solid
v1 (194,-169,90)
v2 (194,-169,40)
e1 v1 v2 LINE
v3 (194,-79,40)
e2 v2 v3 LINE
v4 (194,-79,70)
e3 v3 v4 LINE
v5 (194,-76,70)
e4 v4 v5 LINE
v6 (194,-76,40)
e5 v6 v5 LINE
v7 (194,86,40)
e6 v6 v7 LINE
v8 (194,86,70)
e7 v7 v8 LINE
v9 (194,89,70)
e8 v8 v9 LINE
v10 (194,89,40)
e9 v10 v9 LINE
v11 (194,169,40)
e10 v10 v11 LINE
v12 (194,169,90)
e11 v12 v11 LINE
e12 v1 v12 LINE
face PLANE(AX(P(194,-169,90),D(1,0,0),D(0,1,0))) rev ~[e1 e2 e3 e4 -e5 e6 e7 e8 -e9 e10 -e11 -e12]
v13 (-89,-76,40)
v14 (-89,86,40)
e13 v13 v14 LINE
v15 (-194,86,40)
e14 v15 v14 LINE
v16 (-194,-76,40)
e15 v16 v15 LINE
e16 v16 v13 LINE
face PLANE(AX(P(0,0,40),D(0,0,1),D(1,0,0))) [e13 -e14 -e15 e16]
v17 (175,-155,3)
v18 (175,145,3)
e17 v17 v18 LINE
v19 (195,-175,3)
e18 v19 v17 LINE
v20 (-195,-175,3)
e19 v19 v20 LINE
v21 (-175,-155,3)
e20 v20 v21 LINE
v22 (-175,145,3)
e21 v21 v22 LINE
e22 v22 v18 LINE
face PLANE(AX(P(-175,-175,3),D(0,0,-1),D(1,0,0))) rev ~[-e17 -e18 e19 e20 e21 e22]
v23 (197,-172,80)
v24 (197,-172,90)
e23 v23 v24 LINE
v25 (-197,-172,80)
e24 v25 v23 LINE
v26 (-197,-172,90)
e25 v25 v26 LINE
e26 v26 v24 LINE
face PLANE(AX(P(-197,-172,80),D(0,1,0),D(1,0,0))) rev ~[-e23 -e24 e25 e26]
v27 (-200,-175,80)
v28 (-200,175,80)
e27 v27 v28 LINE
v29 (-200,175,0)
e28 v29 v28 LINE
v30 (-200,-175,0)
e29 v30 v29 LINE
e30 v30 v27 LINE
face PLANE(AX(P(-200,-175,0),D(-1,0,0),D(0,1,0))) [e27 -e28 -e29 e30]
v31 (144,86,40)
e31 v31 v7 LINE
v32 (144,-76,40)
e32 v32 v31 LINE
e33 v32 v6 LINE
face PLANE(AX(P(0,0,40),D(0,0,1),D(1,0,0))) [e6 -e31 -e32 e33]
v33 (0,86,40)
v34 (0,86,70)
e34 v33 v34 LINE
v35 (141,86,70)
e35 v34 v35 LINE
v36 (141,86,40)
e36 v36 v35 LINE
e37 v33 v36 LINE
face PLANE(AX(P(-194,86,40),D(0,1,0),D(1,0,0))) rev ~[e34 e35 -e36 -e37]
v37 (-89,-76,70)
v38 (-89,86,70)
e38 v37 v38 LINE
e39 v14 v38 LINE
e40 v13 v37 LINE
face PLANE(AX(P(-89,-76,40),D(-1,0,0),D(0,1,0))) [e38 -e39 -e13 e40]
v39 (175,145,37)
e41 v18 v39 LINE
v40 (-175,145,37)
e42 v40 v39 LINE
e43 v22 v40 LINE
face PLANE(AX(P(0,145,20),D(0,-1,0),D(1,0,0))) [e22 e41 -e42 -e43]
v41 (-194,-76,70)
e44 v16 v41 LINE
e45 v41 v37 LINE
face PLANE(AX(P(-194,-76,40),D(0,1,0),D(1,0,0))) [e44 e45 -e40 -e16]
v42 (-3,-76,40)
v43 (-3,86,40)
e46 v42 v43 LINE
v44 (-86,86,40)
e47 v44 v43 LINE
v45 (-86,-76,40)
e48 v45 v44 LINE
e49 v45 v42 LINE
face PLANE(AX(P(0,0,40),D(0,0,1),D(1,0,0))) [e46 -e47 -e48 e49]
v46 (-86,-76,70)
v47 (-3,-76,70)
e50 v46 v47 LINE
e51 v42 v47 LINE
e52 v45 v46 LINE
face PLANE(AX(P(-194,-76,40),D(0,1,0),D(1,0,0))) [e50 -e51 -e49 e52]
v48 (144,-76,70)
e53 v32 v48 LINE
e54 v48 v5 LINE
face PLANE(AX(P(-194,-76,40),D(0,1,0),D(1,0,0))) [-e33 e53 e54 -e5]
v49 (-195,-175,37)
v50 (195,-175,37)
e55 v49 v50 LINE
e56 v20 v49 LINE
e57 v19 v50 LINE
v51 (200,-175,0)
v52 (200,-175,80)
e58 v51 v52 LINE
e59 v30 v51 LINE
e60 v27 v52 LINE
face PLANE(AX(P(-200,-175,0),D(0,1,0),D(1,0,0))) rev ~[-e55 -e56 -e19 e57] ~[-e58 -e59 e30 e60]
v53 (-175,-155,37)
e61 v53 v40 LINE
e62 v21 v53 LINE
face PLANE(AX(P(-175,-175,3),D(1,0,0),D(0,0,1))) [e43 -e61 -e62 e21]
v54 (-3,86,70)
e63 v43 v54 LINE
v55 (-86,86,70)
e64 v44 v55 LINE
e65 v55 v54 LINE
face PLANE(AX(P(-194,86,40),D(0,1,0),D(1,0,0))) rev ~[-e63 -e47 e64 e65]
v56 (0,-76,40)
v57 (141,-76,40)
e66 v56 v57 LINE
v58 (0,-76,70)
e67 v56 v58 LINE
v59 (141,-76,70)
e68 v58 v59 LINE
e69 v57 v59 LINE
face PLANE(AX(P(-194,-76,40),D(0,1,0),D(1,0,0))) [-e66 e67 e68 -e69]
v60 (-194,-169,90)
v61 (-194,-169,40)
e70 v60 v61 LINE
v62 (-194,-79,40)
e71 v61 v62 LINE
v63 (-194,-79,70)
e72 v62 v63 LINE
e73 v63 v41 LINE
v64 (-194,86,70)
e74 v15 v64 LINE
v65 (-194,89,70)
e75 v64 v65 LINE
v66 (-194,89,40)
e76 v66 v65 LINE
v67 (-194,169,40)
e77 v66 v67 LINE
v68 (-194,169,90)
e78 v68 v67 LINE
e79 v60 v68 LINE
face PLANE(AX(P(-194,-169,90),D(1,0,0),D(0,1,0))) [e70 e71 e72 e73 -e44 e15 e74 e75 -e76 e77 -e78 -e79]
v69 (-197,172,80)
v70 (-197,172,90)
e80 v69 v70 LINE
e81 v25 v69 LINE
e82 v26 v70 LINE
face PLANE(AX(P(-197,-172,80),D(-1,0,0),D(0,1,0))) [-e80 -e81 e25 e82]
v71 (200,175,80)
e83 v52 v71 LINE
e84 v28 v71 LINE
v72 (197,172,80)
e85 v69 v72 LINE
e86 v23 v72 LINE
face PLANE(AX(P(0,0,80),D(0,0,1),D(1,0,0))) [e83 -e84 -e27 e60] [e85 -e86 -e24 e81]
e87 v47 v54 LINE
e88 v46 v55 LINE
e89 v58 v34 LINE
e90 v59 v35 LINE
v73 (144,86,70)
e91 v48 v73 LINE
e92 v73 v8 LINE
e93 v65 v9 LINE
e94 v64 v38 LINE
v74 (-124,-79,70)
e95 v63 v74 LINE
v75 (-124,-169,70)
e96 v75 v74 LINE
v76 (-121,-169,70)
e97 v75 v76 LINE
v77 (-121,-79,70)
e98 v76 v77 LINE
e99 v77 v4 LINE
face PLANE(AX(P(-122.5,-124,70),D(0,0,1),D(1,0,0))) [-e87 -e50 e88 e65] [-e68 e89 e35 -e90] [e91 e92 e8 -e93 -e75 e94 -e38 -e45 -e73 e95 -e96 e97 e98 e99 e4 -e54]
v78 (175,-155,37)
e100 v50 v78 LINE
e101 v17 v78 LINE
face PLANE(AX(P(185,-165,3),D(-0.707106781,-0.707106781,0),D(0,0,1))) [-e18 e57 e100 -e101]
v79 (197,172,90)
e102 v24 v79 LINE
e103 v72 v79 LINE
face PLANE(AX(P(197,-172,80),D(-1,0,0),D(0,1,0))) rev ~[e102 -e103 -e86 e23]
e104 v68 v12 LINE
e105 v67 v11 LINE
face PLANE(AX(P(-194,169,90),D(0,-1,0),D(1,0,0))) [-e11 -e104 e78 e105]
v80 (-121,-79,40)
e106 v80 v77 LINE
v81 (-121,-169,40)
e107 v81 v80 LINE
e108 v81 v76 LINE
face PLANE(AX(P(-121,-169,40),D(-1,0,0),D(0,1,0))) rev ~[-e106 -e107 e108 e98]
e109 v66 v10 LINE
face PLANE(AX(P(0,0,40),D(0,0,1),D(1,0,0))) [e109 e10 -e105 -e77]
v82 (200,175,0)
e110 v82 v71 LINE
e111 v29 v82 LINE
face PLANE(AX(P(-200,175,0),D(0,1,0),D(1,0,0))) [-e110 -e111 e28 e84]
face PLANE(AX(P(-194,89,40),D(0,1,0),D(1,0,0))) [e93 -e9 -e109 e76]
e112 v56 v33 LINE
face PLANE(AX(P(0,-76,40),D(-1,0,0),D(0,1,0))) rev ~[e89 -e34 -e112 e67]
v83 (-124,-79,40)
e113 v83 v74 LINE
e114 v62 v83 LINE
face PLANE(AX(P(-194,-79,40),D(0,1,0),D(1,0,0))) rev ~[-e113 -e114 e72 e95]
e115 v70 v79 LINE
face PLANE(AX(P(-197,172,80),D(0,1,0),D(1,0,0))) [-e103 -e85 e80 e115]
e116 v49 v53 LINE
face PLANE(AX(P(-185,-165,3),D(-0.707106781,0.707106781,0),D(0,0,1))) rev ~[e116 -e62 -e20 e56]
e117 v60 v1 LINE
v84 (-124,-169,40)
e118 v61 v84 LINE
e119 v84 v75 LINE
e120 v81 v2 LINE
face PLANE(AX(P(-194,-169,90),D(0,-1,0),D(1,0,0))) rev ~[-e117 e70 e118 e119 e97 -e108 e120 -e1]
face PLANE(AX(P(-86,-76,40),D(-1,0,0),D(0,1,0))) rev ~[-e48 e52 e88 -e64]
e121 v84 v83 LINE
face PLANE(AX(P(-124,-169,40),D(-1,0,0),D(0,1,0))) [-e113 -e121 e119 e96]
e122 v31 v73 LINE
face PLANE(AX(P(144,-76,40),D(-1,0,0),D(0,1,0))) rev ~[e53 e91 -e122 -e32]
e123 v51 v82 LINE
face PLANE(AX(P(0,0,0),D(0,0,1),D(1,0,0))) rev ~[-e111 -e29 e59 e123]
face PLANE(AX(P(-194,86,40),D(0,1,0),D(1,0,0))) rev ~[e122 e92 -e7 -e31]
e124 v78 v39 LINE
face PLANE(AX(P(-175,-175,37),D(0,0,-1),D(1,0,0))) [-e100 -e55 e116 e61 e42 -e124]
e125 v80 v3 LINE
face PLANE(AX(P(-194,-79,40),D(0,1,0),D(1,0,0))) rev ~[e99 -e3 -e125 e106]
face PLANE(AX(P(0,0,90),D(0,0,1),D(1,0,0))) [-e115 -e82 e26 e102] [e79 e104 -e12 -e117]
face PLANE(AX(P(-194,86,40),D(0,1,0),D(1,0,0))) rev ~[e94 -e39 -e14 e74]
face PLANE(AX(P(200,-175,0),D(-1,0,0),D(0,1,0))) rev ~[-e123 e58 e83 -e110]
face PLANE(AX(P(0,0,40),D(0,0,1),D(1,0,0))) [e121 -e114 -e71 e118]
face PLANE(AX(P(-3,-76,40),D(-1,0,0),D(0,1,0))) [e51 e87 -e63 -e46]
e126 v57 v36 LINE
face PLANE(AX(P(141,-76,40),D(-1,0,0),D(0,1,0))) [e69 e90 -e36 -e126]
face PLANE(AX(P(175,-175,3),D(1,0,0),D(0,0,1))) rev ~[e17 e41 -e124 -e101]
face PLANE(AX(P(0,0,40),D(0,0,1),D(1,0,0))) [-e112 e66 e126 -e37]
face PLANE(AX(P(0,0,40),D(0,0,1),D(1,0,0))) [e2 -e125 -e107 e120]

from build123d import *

# Parameters (mm, degrees)
SKETCH_1_W          = 400
SKETCH_1_H          = 350
EXTRUDE_1_DEPTH     = 80
SKETCH_2_W          = 394
SKETCH_2_H          = 344
EXTRUDE_2_DEPTH     = 10
SKETCH_3_W          = 388
SKETCH_3_H          = 338
CUT_EXTRUDE_1_DEPTH = 50
SKETCH_4_W          = 388
SKETCH_4_H          = 3
EXTRUDE_3_DEPTH     = 30
SKETCH_5_W          = 3
SKETCH_5_H          = 162
SKETCH_5_H_2        = 90
EXTRUDE_4_DEPTH     = 30
SKETCH_6_W          = 350
SKETCH_6_H          = 34
CUT_EXTRUDE_2_DEPTH = 320
CHAMFER_1_SIZE      = 20


with BuildPart() as part:
    # 草图1 → 凸台-拉伸1 (new body)
    with BuildSketch(Plane.XY):
        Rectangle(SKETCH_1_W, SKETCH_1_H)
    extrude(amount=EXTRUDE_1_DEPTH)

    # 草图2 → 凸台-拉伸2 (add)
    with BuildSketch(Plane.XY.offset(80)):
        Rectangle(SKETCH_2_W, SKETCH_2_H)
    extrude(amount=EXTRUDE_2_DEPTH)

    # 草图3 → 切除-拉伸1 (cut)
    with BuildSketch(Plane.XY.offset(90)):
        Rectangle(SKETCH_3_W, SKETCH_3_H)
    extrude(amount=-CUT_EXTRUDE_1_DEPTH, mode=Mode.SUBTRACT)

    # 草图4 → 凸台-拉伸3 (add)
    with BuildSketch(Plane.XY.offset(40)):
        with Locations((0, 87.5)):
            Rectangle(SKETCH_4_W, SKETCH_4_H)
        with Locations((0, -77.5)):
            Rectangle(SKETCH_4_W, SKETCH_4_H)
    extrude(amount=EXTRUDE_3_DEPTH)

    # 草图5 → 凸台-拉伸4 (add)
    with BuildSketch(Plane.XY.offset(40)):
        with Locations((-87.5, 5)):
            Rectangle(SKETCH_5_W, SKETCH_5_H)
        with Locations((-1.5, 5)):
            Rectangle(SKETCH_5_W, SKETCH_5_H)
        with Locations((142.5, 5)):
            Rectangle(SKETCH_5_W, SKETCH_5_H)
        with Locations((-122.5, -124)):
            Rectangle(SKETCH_5_W, SKETCH_5_H_2)
    extrude(amount=EXTRUDE_4_DEPTH)

    # 草图6 → 切除-拉伸2 (cut)
    with BuildSketch(Plane.XZ.offset(175)):
        with Locations((0, 20)):
            Rectangle(SKETCH_6_W, SKETCH_6_H)
    extrude(amount=-CUT_EXTRUDE_2_DEPTH, mode=Mode.SUBTRACT)

    # 倒角1
    chamfer_1_edges = [part.edges().sort_by_distance(p)[0] for p in [
        (175, -175, 20),
        (-175, -175, 20),
    ]]
    chamfer(chamfer_1_edges, length=CHAMFER_1_SIZE)


solid = part.part
